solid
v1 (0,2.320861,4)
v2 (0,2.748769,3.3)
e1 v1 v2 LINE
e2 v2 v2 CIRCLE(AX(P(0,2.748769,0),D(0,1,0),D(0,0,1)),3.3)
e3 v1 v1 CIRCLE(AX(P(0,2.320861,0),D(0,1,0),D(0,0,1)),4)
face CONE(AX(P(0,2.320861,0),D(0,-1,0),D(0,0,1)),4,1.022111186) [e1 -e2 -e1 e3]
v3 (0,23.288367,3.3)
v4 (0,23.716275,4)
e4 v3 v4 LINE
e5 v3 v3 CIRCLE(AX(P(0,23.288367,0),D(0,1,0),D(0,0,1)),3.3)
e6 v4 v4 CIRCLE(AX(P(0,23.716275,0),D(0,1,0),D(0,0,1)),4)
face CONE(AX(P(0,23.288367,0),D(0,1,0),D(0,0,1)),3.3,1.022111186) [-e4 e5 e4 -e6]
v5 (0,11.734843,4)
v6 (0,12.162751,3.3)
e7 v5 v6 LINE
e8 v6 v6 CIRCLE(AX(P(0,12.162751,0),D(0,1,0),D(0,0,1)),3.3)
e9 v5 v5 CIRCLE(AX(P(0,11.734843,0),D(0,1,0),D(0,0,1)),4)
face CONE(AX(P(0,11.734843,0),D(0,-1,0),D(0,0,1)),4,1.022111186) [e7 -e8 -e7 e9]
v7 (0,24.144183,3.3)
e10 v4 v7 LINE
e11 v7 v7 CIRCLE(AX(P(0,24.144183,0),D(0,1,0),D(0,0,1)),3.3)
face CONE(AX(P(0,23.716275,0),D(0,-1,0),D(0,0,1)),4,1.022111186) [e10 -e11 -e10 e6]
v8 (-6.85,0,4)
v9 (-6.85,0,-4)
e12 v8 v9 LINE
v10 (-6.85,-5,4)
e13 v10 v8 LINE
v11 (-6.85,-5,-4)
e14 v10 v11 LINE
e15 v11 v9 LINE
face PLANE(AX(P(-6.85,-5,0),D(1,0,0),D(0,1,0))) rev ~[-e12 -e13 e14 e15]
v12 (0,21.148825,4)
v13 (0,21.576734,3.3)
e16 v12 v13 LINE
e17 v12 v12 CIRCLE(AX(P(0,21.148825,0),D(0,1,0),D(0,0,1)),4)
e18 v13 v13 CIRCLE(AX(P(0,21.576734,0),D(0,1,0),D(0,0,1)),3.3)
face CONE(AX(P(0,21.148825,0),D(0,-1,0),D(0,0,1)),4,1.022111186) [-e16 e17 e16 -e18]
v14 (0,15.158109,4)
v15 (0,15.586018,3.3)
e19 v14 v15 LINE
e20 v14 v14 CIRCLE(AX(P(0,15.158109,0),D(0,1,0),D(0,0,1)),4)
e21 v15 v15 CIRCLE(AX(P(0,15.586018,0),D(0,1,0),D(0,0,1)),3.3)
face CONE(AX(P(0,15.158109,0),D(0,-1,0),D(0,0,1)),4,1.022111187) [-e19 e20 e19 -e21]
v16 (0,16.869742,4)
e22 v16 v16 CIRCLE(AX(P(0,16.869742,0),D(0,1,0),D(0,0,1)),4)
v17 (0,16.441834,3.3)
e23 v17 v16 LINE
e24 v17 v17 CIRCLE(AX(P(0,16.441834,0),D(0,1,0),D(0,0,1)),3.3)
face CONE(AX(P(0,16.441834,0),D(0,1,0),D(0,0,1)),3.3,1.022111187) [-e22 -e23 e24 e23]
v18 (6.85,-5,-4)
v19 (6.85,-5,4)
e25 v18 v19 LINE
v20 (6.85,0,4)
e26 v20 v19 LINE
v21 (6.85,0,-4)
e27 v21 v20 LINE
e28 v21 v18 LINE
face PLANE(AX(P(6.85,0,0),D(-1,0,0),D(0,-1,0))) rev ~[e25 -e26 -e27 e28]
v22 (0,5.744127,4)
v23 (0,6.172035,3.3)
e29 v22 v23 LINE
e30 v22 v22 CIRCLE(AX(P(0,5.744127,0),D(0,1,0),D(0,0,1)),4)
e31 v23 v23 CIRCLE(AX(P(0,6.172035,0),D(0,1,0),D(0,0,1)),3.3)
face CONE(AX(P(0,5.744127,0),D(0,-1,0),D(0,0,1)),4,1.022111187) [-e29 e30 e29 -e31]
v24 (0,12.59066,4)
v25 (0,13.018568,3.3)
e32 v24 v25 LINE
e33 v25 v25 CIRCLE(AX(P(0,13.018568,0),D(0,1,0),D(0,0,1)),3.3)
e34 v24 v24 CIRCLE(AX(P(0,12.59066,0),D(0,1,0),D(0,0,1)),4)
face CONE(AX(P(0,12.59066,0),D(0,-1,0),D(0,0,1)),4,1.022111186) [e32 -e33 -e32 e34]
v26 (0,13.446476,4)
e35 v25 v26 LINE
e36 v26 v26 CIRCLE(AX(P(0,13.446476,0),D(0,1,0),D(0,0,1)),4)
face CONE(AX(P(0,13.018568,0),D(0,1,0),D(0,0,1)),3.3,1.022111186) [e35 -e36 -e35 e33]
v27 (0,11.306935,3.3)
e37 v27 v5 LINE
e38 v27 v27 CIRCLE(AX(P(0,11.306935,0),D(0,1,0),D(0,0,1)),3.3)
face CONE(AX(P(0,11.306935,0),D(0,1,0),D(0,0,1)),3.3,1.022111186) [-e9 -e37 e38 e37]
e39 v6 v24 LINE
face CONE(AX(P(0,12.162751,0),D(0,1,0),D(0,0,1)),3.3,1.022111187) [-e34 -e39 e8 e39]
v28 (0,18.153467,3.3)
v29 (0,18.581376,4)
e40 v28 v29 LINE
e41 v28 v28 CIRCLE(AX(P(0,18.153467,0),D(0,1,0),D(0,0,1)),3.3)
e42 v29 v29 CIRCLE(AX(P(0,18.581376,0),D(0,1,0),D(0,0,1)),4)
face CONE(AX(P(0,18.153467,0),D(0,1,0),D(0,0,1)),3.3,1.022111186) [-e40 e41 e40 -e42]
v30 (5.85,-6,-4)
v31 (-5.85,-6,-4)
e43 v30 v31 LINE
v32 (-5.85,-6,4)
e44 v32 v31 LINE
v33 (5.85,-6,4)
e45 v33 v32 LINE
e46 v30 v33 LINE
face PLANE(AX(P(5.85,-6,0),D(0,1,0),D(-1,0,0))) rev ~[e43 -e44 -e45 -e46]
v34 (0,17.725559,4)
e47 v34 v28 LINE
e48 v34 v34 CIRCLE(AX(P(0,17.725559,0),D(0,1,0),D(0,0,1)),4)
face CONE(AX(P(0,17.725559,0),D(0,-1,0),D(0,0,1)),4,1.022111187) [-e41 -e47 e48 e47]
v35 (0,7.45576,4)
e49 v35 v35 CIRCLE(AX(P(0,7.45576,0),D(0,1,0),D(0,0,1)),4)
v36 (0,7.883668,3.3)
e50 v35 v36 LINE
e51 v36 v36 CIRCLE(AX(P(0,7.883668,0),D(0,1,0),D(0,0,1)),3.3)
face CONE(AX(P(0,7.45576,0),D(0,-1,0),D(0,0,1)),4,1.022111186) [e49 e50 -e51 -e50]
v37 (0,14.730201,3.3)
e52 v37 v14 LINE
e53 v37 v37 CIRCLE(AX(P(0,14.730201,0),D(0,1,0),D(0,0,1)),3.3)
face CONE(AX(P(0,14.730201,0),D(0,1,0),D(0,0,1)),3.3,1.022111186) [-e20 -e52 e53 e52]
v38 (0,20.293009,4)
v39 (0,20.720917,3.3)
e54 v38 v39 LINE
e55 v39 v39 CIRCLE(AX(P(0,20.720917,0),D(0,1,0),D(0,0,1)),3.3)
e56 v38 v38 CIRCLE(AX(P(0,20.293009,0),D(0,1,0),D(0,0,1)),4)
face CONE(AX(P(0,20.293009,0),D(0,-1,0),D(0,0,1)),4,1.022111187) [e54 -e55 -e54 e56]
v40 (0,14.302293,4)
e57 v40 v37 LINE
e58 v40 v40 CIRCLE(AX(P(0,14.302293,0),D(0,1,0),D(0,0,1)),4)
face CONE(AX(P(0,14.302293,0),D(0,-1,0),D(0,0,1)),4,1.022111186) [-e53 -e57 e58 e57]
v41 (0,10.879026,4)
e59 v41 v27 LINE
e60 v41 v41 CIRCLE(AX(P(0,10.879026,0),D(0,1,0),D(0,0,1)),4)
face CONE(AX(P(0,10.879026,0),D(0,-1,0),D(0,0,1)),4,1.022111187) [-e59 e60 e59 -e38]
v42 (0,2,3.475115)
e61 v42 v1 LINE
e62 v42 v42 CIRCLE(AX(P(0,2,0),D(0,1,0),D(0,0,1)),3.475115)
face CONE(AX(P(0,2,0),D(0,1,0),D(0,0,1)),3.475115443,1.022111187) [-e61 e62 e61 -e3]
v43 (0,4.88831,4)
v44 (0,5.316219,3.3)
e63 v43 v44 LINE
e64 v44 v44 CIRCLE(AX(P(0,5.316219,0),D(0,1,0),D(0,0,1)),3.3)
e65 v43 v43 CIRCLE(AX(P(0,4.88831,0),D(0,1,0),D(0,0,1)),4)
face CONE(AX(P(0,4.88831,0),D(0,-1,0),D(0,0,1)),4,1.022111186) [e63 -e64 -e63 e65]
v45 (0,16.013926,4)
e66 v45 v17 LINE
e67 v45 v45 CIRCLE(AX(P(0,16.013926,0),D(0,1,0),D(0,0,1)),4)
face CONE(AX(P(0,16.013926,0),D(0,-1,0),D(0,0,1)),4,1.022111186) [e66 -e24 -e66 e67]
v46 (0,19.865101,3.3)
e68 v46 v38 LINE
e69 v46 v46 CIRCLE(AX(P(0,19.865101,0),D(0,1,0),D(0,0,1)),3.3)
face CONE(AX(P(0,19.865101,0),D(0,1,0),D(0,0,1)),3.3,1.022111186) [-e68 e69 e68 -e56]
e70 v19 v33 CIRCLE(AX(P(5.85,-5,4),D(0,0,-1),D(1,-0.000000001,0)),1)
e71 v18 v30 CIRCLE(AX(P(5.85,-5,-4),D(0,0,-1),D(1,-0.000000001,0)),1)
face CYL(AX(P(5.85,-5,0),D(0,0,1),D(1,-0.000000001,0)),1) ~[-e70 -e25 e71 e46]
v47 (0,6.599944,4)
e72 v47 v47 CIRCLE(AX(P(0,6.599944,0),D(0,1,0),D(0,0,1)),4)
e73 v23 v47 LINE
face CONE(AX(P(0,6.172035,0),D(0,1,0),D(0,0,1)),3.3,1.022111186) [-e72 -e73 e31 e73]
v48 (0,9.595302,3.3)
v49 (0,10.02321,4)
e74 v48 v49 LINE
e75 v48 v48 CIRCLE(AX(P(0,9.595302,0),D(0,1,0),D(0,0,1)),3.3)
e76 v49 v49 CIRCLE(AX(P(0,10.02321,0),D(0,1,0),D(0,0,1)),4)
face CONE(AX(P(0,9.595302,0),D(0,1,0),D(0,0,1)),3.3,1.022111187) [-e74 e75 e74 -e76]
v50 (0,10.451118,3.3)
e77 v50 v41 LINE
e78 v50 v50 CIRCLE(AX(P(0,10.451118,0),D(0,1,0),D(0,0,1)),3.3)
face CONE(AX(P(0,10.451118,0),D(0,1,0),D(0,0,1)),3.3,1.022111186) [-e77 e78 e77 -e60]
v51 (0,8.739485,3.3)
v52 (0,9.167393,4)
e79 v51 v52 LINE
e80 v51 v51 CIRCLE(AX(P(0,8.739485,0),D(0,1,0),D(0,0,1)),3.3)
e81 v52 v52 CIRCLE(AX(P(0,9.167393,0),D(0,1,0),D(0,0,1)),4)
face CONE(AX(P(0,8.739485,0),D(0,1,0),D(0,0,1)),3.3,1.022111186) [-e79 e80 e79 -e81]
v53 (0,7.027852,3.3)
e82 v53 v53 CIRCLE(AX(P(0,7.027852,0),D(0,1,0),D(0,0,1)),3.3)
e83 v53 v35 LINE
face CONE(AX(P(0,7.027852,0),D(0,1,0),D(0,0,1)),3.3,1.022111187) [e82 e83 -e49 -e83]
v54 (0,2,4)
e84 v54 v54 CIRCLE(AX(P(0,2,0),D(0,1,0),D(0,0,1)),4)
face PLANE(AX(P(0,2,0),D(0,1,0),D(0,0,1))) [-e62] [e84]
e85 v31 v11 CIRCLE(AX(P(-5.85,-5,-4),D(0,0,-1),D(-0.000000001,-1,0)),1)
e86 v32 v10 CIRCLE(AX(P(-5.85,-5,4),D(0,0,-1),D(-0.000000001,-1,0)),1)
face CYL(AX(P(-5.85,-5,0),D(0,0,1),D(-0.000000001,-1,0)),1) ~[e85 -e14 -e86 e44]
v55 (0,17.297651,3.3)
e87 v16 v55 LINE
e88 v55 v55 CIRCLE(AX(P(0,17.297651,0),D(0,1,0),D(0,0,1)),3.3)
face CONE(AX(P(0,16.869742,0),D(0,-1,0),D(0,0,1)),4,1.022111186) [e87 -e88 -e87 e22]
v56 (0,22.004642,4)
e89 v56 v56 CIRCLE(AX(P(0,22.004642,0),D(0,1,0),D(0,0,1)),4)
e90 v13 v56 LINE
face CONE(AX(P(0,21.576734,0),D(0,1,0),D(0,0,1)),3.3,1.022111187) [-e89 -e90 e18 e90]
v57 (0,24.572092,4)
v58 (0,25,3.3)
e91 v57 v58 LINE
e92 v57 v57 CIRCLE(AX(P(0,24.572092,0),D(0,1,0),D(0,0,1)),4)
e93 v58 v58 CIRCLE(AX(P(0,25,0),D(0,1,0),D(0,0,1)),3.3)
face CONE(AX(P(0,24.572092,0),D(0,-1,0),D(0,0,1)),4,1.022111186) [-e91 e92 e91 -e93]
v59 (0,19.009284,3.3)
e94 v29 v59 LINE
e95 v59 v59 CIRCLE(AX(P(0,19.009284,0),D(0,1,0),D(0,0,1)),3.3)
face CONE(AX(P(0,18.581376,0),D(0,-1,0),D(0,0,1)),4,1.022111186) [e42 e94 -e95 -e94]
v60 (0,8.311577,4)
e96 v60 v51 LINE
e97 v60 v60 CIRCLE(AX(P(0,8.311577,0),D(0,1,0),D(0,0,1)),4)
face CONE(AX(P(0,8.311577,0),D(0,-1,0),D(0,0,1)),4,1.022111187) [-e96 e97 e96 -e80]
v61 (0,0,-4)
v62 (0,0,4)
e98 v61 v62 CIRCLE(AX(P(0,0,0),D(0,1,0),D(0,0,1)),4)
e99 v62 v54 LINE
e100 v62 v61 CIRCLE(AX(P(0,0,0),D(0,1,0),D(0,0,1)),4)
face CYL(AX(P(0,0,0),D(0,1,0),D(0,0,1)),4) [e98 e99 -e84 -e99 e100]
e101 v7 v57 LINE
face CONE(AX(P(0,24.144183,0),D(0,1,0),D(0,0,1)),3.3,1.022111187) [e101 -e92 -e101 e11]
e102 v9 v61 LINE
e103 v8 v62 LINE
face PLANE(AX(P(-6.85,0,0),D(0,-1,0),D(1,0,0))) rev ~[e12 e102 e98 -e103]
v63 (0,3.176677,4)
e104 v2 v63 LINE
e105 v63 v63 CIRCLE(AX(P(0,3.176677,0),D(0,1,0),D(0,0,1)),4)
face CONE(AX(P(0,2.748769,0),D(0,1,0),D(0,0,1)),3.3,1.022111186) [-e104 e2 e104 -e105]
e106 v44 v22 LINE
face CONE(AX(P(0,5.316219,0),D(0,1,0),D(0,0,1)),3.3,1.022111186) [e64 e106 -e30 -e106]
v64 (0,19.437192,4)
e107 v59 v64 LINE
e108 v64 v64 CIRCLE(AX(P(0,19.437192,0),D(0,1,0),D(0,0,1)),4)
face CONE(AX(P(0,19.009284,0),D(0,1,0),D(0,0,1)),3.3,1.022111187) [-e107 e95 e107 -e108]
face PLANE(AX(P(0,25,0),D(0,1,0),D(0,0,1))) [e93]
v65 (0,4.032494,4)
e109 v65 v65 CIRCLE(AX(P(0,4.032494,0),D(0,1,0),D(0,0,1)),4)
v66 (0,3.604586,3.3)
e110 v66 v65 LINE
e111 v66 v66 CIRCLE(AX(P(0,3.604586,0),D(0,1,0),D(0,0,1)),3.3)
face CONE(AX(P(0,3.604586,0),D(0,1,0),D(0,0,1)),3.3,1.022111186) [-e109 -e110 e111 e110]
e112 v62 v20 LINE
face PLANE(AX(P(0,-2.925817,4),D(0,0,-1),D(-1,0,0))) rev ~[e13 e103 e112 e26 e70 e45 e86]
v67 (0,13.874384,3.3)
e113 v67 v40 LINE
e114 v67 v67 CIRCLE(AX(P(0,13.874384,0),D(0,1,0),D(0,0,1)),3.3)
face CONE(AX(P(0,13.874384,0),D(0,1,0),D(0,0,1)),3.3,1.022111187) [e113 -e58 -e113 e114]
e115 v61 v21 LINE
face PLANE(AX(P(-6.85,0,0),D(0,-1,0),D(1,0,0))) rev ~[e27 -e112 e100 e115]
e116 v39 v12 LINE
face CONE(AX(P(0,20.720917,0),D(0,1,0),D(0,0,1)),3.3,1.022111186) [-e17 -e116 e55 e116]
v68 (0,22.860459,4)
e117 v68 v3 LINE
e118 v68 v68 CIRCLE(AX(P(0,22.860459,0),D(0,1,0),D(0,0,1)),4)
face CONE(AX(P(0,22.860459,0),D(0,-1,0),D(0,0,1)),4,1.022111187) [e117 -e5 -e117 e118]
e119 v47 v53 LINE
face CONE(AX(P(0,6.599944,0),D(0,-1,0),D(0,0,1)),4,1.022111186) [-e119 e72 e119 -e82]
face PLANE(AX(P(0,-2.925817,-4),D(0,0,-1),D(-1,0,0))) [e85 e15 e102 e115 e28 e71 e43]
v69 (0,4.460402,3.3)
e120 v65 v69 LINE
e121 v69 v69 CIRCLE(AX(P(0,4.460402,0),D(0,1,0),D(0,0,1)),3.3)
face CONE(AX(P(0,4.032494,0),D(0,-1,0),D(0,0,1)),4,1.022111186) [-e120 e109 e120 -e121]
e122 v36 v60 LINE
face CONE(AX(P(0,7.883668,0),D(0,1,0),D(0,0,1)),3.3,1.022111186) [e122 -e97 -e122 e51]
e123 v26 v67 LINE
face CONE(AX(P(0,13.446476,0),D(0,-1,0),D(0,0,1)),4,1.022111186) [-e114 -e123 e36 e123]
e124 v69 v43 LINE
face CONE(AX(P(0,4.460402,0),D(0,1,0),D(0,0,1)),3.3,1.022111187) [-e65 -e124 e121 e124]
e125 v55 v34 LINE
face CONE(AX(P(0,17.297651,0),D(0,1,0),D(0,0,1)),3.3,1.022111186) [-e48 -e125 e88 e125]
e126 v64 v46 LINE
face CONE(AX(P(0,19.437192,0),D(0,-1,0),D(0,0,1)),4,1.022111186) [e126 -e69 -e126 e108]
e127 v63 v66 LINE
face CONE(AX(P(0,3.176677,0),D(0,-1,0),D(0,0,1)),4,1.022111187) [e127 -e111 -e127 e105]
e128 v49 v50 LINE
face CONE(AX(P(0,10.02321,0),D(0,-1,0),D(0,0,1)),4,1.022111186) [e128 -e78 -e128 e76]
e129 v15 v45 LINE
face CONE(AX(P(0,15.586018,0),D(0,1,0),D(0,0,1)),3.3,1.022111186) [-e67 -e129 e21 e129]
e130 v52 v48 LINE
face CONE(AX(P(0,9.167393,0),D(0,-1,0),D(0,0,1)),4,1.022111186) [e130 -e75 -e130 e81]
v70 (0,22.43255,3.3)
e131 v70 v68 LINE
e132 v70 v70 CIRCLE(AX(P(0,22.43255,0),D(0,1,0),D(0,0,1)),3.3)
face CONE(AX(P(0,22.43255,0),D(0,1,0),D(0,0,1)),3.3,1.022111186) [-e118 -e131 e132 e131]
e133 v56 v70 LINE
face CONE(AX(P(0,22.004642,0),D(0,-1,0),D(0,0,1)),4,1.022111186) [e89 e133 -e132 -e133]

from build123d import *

# Parameters (mm, degrees)
EXTRUDE_1_DEPTH = 4


with BuildPart() as part:
    # 草图1 → 凸台-拉伸1 (new, symmetric)
    with BuildSketch(Plane.XY):
        with BuildLine():
            Line((5.85, -6), (-5.85, -6))
            ThreePointArc((-5.85, -6), (-6.557106781, -5.707106781), (-6.85, -5))
            Line((-6.85, -5), (-6.85, 0))
            Line((-6.85, 0), (6.85, 0))
            Line((6.85, 0), (6.85, -5))
            ThreePointArc((6.85, -5), (6.557106781, -5.707106781), (5.85, -6))
        make_face()
    extrude(amount=EXTRUDE_1_DEPTH, both=True)

    # 草图3 → 旋转1 (revolve)
    with BuildSketch(Plane.XY, mode=Mode.PRIVATE) as revolve_1_sk:
        Polygon((0, 25), (0, 0), (4, 0), (4, 2), (3.475115443, 2), (4, 2.320860647), (3.3, 2.748768937), (4, 3.176677227), (3.3, 3.604585516), (4, 4.032493806), (3.3, 4.460402096), (4, 4.888310385), (3.3, 5.316218675), (4, 5.744126965), (3.3, 6.172035254), (4, 6.599943544), (3.3, 7.027851834), (4, 7.455760123), (3.3, 7.883668413), (4, 8.311576703), (3.3, 8.739484992), (4, 9.167393282), (3.3, 9.595301572), (4, 10.023209861), (3.3, 10.451118151), (4, 10.879026441), (3.3, 11.30693473), (4, 11.73484302), (3.3, 12.16275131), (4, 12.590659599), (3.3, 13.018567889), (4, 13.446476179), (3.3, 13.874384469), (4, 14.302292758), (3.3, 14.730201048), (4, 15.158109338), (3.3, 15.586017627), (4, 16.013925917), (3.3, 16.441834207), (4, 16.869742496), (3.3, 17.297650786), (4, 17.725559076), (3.3, 18.153467365), (4, 18.581375655), (3.3, 19.009283945), (4, 19.437192234), (3.3, 19.865100524), (4, 20.293008814), (3.3, 20.720917103), (4, 21.148825393), (3.3, 21.576733683), (4, 22.004641972), (3.3, 22.432550262), (4, 22.860458552), (3.3, 23.288366841), (4, 23.716275131), (3.3, 24.144183421), (4, 24.57209171), (3.3, 25), align=None)
    revolve(revolve_1_sk.sketch.rotate(Axis((0, 25, 0), (0, 1, 0)), 270), axis=Axis((0, 25, 0), (0, 1, 0)))


solid = part.part
